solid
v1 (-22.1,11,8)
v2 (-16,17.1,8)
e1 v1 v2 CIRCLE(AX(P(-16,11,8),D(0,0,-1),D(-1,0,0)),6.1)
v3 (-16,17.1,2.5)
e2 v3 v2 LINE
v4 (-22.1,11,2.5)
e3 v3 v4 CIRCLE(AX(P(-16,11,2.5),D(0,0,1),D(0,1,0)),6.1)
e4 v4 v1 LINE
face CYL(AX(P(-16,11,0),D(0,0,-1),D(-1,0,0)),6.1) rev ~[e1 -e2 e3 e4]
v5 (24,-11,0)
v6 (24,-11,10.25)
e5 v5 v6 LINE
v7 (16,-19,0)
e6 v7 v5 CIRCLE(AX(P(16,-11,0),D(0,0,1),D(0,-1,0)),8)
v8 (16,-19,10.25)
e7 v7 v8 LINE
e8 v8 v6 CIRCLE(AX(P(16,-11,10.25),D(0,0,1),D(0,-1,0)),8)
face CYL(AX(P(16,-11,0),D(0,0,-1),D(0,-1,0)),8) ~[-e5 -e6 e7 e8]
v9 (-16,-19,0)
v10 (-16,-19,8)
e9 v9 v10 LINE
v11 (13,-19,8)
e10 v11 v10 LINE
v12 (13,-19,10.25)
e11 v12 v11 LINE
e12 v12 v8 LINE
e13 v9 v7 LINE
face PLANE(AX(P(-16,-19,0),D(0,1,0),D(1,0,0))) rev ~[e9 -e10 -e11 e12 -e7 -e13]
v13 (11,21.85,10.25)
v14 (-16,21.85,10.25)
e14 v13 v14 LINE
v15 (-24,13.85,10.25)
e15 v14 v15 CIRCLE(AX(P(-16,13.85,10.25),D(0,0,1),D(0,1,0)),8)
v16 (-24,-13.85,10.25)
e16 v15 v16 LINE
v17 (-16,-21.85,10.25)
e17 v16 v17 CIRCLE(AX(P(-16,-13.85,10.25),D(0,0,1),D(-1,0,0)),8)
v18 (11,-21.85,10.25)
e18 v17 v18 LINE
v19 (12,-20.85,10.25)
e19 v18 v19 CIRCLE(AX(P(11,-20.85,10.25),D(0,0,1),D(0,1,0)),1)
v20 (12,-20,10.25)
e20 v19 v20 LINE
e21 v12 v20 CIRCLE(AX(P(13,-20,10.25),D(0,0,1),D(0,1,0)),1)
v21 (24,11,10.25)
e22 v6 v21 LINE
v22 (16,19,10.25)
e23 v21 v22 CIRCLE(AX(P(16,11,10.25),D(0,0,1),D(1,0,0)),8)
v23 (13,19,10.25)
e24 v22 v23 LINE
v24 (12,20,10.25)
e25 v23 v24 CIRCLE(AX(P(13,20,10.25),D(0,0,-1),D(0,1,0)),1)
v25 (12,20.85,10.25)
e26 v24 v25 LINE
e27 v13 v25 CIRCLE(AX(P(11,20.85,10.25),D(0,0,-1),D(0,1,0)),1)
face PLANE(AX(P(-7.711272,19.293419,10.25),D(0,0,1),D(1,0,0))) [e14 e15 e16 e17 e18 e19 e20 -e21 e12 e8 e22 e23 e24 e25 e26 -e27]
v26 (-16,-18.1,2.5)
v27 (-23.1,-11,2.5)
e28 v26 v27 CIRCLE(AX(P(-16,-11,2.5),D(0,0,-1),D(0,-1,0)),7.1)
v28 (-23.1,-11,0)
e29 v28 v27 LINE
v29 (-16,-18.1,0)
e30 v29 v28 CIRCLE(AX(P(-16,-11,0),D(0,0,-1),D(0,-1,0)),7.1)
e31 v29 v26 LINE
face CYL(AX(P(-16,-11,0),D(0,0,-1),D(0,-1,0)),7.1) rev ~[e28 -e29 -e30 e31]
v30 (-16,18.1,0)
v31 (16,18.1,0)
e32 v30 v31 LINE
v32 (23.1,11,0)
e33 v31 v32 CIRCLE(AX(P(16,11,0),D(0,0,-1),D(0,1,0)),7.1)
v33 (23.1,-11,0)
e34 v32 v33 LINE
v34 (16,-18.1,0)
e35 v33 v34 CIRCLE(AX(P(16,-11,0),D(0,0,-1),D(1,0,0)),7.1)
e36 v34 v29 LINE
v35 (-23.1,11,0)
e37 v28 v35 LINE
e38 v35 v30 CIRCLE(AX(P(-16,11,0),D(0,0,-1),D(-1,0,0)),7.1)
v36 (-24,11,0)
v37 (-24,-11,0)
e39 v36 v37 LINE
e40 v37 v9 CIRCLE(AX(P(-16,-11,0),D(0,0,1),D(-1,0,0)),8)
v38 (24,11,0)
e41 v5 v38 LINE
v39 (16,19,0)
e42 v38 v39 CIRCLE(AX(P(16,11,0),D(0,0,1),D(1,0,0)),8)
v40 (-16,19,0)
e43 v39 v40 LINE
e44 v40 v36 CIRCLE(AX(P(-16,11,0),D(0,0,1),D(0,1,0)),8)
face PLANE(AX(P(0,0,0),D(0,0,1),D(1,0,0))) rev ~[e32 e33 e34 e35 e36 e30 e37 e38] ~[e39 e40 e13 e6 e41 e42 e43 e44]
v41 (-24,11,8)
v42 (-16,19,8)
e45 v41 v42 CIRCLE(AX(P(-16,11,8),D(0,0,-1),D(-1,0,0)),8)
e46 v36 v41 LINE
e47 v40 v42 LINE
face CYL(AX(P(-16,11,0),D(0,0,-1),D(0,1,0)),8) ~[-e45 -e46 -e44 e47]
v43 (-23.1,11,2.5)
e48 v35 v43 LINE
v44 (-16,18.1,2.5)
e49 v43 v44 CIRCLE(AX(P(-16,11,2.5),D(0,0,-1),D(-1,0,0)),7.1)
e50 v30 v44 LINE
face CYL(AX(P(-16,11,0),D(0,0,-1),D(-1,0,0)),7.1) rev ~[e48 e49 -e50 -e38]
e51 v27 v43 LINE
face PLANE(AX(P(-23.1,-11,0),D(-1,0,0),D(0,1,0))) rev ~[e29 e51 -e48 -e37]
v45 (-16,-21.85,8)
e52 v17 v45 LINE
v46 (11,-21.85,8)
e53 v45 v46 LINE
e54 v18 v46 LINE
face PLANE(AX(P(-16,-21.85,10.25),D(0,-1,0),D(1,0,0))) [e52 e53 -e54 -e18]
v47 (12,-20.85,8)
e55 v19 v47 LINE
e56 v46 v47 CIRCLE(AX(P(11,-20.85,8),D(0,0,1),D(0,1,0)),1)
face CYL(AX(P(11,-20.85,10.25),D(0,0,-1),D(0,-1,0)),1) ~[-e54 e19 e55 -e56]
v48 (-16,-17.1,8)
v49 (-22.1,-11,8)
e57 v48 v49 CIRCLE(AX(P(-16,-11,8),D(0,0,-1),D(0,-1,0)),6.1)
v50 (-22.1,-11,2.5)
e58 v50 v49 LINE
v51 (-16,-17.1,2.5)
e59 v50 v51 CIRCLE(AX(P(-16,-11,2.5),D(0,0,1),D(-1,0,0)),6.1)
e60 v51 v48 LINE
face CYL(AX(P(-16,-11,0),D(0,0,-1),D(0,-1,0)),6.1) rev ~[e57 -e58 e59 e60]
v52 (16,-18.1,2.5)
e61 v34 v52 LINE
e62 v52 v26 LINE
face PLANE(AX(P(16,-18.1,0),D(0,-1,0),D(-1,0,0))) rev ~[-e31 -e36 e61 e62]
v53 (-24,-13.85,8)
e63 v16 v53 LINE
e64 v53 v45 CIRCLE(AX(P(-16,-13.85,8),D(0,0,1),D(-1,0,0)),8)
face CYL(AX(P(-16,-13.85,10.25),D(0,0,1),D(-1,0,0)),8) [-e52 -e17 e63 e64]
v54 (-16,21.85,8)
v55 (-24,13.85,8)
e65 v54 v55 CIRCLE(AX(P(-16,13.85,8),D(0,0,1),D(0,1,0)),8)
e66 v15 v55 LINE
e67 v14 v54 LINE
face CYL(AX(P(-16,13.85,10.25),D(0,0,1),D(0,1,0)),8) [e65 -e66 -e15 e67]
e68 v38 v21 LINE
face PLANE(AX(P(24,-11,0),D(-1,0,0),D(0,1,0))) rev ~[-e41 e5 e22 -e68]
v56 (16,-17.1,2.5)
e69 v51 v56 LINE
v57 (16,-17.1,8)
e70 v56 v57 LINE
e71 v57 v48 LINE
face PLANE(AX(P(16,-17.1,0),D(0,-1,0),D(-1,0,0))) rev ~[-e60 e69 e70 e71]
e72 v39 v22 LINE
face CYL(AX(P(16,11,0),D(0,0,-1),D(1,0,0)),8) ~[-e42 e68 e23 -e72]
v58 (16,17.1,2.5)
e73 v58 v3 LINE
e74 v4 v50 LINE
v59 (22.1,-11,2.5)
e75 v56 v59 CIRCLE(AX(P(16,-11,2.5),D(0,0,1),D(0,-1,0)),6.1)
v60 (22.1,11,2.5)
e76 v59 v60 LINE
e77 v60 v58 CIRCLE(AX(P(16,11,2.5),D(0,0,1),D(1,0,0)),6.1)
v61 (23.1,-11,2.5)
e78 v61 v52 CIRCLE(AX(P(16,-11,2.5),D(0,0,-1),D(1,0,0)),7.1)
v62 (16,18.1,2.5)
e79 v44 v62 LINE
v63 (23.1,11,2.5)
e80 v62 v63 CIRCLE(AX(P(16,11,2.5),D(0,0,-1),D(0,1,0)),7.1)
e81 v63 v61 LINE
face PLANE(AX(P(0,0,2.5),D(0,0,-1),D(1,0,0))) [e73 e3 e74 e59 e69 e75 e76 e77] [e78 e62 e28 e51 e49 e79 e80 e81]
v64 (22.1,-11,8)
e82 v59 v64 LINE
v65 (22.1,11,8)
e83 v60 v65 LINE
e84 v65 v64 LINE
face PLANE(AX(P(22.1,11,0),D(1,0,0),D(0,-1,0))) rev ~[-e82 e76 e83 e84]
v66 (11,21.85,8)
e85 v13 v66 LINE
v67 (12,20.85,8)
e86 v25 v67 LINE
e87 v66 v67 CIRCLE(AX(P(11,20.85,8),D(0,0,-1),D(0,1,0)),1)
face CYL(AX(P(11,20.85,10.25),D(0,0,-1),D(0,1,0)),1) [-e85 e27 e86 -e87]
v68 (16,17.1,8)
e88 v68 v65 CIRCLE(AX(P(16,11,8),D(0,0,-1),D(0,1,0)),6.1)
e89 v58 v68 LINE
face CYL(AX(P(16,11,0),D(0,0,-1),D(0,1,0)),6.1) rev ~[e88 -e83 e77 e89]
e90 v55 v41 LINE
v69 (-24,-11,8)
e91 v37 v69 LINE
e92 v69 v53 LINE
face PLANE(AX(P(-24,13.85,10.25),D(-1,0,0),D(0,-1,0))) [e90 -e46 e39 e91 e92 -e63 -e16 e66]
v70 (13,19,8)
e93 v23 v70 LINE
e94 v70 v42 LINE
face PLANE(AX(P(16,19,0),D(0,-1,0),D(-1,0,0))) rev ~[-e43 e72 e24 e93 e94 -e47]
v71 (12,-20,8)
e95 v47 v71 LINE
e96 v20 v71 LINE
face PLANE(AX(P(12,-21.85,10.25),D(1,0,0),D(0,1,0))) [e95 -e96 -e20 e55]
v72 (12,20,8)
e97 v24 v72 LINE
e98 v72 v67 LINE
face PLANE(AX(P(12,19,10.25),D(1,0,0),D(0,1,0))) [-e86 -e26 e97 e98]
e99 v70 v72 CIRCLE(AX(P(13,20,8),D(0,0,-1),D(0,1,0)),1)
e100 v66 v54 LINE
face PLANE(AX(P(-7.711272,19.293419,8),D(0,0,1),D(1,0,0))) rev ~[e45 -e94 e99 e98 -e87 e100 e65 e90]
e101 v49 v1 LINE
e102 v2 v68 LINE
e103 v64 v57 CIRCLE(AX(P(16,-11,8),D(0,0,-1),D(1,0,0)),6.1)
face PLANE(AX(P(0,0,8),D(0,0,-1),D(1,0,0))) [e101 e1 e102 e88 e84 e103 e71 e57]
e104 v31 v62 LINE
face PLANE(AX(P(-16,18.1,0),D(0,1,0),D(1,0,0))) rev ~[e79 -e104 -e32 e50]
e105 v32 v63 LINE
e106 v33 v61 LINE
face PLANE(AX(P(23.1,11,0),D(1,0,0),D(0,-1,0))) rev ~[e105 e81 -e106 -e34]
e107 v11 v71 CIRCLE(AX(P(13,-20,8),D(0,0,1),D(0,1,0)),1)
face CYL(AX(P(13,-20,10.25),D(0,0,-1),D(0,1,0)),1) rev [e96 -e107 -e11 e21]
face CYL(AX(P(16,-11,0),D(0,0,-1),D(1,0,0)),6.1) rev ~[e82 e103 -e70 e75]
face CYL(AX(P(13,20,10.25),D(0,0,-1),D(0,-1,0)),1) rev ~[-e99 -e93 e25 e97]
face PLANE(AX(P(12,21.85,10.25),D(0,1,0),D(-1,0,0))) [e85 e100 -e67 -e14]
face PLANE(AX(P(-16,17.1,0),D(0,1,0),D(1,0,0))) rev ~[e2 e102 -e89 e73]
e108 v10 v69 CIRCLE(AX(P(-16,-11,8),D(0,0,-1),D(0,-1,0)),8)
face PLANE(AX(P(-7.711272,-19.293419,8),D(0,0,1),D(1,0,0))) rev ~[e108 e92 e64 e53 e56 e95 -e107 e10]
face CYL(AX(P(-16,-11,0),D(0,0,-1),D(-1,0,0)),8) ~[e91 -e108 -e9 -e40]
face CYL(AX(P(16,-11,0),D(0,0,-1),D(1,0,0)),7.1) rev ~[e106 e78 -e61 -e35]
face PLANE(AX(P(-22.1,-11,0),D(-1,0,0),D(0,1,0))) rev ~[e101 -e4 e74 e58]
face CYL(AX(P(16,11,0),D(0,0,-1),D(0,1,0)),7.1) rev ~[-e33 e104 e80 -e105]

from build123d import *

# Parameters (mm, degrees)
F1_DEPTH = 10.25
F3_DEPTH = 2.25
F4_R     = 1
F6_DEPTH = 8
F7_DEPTH = 2.5


with BuildPart() as f1:
    # F0 (on Top) → F1 (new body)
    with BuildSketch(Plane.XY):
        with BuildLine():
            Line((16, 19), (-16, 19))
            ThreePointArc((-16, 19), (-21.6568542495, 16.6568542495), (-24, 11))
            Line((-24, 11), (-24, -11))
            ThreePointArc((-24, -11), (-21.6568542495, -16.6568542495), (-16, -19))
            Line((-16, -19), (16, -19))
            ThreePointArc((16, -19), (21.6568542495, -16.6568542495), (24, -11))
            Line((24, -11), (24, 11))
            ThreePointArc((24, 11), (21.6568542495, 16.6568542495), (16, 19))
        make_face()
    extrude(amount=F1_DEPTH)

    # F2 (on face) → F3 (join)
    with BuildSketch(Plane.XY.offset(10.25)):
        with BuildLine():
            Line((12, 21.85), (-16, 21.85))
            ThreePointArc((-16, 21.85), (-21.6568542495, 19.5068542495), (-24, 13.85))
            Line((-24, 13.85), (-24, 11))
            ThreePointArc((-24, 11), (-21.6568542495, 16.6568542495), (-16, 19))
            Line((-16, 19), (12, 19))
            Line((12, 19), (12, 21.85))
        make_face()
        with BuildLine():
            Line((12, -21.85), (12, -19))
            Line((12, -19), (-16, -19))
            ThreePointArc((-16, -19), (-21.6568542495, -16.6568542495), (-24, -11))
            Line((-24, -11), (-24, -13.85))
            ThreePointArc((-24, -13.85), (-21.6568542495, -19.5068542495), (-16, -21.85))
            Line((-16, -21.85), (12, -21.85))
        make_face()
    extrude(amount=-F3_DEPTH)

    # F4
    f4_edges = [f1.edges().sort_by_distance(p)[0] for p in [
        (12, -19, 9.125),
        (12, -21.85, 9.125),
        (12, 21.85, 9.125),
        (12, 19, 9.125),
    ]]
    fillet(f4_edges, radius=F4_R)

    # F5 (on face) → F6 (cut)
    with BuildSketch(Plane(origin=(0, 0, 0), x_dir=(1, 0, 0), z_dir=(0, 0, -1))):
        with BuildLine():
            ThreePointArc((-16, 17.1), (-20.3133513652, 15.3133513652), (-22.1, 11))
            Line((-22.1, 11), (-22.1, -11))
            ThreePointArc((-22.1, -11), (-20.3133513652, -15.3133513652), (-16, -17.1))
            Line((-16, -17.1), (16, -17.1))
            ThreePointArc((16, -17.1), (20.3133513652, -15.3133513652), (22.1, -11))
            Line((22.1, -11), (22.1, 11))
            ThreePointArc((22.1, 11), (20.3133513652, 15.3133513652), (16, 17.1))
            Line((16, 17.1), (-16, 17.1))
        make_face()
    extrude(amount=-F6_DEPTH, mode=Mode.SUBTRACT)

    # F5 (on face) → F7 (cut)
    with BuildSketch(Plane(origin=(0, 0, 0), x_dir=(1, 0, 0), z_dir=(0, 0, -1))):
        with BuildLine():
            Line((16, 18.1), (-16, 18.1))
            ThreePointArc((-16, 18.1), (-21.0204581464, 16.0204581464), (-23.1, 11))
            Line((-23.1, 11), (-23.1, -11))
            ThreePointArc((-23.1, -11), (-21.0204581464, -16.0204581464), (-16, -18.1))
            Line((-16, -18.1), (16, -18.1))
            ThreePointArc((16, -18.1), (21.0204581464, -16.0204581464), (23.1, -11))
            Line((23.1, -11), (23.1, 11))
            ThreePointArc((23.1, 11), (21.0204581464, 16.0204581464), (16, 18.1))
        make_face()
        with BuildLine():
            Line((-22.1, -11), (-22.1, 11))
            ThreePointArc((-22.1, 11), (-20.3133513652, 15.3133513652), (-16, 17.1))
            Line((-16, 17.1), (16, 17.1))
            ThreePointArc((16, 17.1), (20.3133513652, 15.3133513652), (22.1, 11))
            Line((22.1, 11), (22.1, -11))
            ThreePointArc((22.1, -11), (20.3133513652, -15.3133513652), (16, -17.1))
            Line((16, -17.1), (-16, -17.1))
            ThreePointArc((-16, -17.1), (-20.3133513652, -15.3133513652), (-22.1, -11))
        make_face(mode=Mode.SUBTRACT)
    extrude(amount=-F7_DEPTH, mode=Mode.SUBTRACT)


solid = f1.part
